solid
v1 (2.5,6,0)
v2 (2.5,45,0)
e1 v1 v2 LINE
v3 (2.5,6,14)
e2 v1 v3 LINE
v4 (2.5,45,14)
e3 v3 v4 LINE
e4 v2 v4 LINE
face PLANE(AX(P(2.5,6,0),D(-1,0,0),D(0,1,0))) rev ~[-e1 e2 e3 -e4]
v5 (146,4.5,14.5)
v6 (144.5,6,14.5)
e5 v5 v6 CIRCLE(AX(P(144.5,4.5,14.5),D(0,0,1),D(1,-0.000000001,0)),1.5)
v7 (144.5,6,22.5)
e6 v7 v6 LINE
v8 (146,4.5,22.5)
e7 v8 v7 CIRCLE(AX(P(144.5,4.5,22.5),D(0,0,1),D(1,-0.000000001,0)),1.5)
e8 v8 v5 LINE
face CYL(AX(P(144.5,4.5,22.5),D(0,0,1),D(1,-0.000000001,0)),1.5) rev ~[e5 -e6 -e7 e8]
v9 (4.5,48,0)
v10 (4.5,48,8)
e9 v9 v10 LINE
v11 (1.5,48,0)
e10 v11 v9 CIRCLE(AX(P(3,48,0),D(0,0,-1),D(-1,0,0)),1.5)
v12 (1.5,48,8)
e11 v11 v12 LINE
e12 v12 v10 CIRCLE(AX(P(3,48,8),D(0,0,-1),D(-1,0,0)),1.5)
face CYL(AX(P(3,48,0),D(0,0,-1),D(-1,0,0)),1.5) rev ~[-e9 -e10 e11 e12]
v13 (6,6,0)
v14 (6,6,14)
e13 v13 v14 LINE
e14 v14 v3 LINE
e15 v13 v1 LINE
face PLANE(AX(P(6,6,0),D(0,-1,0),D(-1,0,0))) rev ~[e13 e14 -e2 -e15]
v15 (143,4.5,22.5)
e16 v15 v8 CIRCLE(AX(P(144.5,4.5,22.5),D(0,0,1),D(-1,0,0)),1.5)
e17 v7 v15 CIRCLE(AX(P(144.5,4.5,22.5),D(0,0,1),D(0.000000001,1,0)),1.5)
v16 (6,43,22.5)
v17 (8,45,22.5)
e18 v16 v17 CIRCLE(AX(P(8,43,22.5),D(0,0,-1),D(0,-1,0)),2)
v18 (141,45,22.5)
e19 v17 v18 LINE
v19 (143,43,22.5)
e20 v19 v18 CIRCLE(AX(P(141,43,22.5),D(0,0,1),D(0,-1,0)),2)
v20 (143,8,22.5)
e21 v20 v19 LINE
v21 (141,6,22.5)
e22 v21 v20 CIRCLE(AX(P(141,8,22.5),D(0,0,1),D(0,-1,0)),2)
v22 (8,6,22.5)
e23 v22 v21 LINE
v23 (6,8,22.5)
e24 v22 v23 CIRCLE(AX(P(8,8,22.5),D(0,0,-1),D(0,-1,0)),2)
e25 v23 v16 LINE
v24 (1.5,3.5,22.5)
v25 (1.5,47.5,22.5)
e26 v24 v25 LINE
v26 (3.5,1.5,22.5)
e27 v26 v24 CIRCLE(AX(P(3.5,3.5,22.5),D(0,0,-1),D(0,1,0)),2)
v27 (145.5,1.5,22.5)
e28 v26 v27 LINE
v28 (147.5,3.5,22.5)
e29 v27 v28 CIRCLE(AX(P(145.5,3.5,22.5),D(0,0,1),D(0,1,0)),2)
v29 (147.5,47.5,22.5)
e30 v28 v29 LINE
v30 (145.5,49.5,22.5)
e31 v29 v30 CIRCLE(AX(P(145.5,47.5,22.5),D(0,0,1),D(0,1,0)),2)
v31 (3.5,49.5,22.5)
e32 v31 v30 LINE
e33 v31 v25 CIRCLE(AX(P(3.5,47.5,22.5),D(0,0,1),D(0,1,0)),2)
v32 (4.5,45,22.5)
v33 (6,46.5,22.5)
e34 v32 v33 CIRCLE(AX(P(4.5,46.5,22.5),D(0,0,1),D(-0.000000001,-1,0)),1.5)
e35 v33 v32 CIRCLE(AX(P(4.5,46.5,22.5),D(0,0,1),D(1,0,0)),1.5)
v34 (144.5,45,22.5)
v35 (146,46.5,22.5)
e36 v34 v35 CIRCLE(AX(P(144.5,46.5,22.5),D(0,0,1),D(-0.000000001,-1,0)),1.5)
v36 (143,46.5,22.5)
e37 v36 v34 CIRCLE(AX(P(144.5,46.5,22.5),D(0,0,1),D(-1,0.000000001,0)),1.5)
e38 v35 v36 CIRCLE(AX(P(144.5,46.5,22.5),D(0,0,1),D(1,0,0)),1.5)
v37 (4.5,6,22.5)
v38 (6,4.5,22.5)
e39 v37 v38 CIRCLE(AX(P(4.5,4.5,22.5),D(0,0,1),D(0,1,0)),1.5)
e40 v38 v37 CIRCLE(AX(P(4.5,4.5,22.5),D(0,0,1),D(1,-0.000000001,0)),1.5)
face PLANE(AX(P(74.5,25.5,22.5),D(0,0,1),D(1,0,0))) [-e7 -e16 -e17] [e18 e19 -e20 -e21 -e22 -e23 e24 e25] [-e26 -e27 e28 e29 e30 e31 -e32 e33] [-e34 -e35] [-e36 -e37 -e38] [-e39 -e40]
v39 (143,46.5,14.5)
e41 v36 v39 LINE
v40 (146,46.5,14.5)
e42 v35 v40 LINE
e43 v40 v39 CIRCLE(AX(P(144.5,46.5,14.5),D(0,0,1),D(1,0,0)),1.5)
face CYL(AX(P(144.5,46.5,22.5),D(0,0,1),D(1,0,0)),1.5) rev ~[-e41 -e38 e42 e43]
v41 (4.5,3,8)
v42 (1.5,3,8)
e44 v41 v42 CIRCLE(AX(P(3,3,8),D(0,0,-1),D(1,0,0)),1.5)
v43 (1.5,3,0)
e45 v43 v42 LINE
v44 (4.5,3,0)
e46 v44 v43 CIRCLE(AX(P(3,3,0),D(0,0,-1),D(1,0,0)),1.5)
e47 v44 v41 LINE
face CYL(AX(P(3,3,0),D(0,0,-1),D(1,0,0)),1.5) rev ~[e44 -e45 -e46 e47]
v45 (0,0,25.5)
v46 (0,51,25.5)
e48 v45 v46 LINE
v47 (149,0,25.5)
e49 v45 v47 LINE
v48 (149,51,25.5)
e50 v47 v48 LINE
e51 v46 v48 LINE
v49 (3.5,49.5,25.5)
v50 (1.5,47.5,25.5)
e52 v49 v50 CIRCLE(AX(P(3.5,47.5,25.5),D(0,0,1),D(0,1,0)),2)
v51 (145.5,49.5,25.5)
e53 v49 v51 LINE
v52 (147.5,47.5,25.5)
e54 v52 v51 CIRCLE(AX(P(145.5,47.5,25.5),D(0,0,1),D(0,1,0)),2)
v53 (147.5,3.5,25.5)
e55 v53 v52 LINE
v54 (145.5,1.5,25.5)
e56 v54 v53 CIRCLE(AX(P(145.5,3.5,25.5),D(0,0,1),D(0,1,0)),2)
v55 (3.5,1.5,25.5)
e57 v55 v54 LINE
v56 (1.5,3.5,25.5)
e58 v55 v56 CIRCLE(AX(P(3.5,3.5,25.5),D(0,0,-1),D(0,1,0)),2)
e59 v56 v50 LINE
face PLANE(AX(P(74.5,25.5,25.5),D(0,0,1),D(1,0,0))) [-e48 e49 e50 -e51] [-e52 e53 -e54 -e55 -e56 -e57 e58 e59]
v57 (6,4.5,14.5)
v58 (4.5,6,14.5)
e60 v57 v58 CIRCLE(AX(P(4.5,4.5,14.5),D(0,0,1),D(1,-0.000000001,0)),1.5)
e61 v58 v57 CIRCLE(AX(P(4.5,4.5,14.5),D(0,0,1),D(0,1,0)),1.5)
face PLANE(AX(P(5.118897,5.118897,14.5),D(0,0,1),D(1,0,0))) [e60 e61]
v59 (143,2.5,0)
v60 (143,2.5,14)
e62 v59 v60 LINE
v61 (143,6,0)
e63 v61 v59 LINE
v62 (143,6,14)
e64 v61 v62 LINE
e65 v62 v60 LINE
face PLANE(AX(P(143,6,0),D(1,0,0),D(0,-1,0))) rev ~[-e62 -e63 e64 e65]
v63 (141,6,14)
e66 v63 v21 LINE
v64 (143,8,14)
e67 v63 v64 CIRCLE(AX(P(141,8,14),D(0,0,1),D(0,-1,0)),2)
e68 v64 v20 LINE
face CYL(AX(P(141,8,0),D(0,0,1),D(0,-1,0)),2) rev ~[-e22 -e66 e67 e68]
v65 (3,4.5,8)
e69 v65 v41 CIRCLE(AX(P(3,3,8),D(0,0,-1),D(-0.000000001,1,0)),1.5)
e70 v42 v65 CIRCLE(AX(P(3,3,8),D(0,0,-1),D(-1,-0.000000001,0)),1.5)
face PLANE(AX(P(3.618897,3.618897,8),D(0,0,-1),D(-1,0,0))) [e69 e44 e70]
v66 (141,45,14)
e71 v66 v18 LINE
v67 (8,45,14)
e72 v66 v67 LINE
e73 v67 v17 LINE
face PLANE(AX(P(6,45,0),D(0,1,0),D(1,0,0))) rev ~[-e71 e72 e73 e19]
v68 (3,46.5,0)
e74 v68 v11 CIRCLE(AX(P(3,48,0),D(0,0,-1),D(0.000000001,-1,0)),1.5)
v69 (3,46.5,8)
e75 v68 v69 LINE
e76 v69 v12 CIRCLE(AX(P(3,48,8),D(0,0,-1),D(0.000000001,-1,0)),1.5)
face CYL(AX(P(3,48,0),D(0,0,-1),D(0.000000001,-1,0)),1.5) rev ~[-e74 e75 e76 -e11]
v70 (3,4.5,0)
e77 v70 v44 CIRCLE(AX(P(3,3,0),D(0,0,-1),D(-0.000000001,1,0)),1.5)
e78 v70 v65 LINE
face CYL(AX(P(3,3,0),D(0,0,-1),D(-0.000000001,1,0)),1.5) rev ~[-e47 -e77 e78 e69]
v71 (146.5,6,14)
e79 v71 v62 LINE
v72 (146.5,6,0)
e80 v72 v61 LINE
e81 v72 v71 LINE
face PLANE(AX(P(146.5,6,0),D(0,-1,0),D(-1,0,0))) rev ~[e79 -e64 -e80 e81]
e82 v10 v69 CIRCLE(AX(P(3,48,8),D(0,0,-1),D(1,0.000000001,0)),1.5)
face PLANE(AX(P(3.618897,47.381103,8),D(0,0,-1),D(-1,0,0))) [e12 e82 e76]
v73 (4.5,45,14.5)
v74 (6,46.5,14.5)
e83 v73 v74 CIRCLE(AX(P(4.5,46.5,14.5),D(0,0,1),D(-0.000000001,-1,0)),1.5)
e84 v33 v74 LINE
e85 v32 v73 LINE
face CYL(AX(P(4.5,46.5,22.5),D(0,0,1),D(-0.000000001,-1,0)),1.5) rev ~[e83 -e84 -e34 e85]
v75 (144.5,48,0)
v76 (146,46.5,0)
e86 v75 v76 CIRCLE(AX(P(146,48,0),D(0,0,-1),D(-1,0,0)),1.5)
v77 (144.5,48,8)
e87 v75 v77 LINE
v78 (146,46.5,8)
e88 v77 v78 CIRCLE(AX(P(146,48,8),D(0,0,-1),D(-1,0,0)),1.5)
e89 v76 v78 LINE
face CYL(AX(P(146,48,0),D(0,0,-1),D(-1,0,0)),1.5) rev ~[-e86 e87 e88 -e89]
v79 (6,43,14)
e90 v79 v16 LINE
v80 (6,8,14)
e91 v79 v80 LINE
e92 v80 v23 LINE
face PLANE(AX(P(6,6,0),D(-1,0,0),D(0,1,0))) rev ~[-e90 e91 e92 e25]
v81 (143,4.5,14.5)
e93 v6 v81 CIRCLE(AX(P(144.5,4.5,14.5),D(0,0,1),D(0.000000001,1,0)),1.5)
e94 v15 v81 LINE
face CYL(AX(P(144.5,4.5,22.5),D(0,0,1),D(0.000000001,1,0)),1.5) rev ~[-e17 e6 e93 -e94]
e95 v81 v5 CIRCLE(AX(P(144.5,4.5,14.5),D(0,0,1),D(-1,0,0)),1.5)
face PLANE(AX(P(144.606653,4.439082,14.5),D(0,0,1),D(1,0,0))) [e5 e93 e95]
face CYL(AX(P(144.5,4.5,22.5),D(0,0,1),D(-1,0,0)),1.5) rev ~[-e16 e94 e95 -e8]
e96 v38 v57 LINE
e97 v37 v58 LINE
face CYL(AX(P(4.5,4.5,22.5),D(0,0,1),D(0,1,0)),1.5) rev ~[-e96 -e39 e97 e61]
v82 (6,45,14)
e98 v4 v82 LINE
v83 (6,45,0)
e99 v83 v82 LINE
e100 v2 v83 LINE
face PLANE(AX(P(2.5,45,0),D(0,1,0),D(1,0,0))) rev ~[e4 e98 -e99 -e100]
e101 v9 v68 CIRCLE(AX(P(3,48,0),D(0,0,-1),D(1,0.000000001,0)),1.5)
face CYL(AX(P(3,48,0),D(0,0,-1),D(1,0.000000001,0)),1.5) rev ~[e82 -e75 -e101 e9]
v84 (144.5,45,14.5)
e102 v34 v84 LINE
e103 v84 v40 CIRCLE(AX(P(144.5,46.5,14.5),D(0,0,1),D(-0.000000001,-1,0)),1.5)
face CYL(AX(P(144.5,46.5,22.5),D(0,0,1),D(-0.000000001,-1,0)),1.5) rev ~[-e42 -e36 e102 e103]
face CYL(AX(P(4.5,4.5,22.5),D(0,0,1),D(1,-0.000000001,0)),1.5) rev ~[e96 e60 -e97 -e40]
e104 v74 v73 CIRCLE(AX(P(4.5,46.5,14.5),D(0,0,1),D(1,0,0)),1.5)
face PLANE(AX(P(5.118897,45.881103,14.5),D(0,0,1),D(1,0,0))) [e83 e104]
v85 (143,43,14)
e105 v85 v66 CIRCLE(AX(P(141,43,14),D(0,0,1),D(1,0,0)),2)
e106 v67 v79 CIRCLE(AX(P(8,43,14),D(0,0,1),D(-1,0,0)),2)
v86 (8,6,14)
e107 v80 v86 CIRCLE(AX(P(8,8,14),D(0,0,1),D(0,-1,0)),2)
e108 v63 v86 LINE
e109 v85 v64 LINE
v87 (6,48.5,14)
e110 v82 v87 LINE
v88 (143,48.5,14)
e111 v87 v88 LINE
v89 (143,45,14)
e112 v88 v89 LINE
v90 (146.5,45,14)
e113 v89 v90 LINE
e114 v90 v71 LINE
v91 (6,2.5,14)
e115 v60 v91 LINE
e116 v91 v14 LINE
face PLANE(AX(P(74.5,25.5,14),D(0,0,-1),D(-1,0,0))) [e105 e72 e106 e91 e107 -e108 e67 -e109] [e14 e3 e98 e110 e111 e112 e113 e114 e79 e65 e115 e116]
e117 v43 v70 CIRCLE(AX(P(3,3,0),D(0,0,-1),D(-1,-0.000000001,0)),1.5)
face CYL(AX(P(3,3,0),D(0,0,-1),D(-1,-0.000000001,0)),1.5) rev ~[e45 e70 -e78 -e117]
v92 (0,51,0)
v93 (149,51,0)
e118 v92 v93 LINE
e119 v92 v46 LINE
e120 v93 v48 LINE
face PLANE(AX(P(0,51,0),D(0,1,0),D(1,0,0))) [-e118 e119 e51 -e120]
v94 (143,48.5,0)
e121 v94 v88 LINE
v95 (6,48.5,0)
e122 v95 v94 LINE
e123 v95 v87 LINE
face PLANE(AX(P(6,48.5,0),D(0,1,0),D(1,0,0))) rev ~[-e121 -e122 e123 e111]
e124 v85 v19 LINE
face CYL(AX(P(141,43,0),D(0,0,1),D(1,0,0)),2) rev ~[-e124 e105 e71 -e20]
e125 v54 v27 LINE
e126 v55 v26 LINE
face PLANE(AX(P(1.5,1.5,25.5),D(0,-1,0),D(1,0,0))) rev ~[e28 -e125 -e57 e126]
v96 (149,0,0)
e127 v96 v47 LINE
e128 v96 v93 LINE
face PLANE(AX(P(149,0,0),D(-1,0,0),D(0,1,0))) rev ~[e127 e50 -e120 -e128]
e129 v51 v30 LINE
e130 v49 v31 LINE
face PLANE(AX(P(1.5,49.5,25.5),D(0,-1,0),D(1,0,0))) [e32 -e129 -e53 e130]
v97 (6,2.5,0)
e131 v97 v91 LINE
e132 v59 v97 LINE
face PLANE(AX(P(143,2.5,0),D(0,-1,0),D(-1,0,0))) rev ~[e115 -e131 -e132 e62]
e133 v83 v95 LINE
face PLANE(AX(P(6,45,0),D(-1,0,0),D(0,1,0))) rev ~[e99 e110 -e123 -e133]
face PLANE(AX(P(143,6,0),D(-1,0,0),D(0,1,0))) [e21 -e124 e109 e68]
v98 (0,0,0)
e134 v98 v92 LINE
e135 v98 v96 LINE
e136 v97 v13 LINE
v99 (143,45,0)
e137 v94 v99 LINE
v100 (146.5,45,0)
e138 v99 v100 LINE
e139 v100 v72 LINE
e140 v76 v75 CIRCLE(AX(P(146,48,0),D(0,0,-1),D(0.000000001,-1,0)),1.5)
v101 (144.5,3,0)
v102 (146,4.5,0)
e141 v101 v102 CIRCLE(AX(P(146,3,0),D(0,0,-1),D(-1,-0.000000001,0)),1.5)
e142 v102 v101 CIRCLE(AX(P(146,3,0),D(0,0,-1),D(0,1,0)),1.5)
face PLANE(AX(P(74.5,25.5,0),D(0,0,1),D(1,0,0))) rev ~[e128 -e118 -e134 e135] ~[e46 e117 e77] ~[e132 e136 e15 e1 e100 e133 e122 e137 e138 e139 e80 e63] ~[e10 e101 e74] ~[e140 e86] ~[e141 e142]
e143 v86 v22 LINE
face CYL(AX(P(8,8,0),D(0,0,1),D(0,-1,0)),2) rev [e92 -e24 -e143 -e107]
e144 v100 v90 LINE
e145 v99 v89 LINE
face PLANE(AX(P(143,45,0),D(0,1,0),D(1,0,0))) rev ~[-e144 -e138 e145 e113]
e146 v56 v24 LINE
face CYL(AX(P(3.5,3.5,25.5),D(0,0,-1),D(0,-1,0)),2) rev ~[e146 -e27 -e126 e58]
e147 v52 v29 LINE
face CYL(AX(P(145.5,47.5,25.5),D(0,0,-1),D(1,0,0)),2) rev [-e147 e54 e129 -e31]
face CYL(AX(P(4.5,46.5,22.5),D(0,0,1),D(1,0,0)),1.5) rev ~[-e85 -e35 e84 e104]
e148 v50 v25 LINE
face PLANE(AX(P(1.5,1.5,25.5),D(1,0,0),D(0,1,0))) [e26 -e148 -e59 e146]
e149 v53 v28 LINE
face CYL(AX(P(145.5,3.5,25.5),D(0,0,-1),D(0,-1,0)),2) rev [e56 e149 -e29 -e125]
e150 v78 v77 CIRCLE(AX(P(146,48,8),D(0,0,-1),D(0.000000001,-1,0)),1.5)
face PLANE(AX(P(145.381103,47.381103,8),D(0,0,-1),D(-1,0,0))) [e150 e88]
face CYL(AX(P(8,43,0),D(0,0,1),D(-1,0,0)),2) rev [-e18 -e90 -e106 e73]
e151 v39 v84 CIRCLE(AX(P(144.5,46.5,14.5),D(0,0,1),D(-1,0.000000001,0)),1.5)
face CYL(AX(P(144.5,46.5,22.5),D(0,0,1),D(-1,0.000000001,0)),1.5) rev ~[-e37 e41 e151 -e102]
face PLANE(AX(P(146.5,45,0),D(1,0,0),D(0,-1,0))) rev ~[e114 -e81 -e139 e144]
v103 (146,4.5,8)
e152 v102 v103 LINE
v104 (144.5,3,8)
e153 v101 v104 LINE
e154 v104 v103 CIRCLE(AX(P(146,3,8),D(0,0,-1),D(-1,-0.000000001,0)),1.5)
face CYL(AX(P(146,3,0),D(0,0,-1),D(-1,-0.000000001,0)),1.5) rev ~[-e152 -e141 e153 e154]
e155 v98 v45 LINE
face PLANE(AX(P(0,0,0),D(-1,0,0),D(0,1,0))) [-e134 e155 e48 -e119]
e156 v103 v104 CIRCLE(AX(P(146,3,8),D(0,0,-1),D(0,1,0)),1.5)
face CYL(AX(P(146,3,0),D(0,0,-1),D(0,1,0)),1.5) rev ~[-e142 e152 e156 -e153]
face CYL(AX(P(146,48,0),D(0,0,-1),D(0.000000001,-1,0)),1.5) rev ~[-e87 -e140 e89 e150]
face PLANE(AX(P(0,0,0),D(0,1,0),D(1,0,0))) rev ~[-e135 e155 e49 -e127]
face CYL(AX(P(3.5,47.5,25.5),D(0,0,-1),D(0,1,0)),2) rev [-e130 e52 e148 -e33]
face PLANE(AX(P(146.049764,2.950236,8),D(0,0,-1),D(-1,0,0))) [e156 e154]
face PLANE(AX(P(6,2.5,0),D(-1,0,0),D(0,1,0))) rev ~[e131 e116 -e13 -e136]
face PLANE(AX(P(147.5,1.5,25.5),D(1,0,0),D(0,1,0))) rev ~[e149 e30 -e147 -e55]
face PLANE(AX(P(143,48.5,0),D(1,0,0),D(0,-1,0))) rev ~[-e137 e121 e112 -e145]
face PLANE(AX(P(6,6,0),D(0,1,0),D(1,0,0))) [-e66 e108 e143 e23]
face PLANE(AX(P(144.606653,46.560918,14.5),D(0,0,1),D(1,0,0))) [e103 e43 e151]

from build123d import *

# Parameters (mm, degrees)
SKETCH1_W           = 149
SKETCH1_H           = 51
SKETCH1_W_2         = 137
SKETCH1_H_2         = 39
EXTRUDE_THIN1_DEPTH = 25.5
SKETCH2_W           = 146
SKETCH2_H           = 48
CUT_EXTRUDE1_DEPTH  = 3
CUT_EXTRUDE2_DEPTH  = 8
CUT_EXTRUDE3_DEPTH  = 8
FILLET1_R           = 2
FILLET2_R           = 2
CUT_EXTRUDE7_DEPTH  = 14


with BuildPart() as part:
    # Sketch1 → Extrude-Thin1 (new body)
    with BuildSketch(Plane.XY):
        with Locations((74.5, 25.5)):
            Rectangle(SKETCH1_W, SKETCH1_H)
        with Locations((74.5, 25.5)):
            Rectangle(SKETCH1_W_2, SKETCH1_H_2, mode=Mode.SUBTRACT)
    extrude(amount=EXTRUDE_THIN1_DEPTH)

    # Sketch2 → Cut-Extrude1 (cut)
    with BuildSketch(Plane.XY.offset(25.5)):
        with Locations((74.5, 25.5)):
            Rectangle(SKETCH2_W, SKETCH2_H)
    extrude(amount=-CUT_EXTRUDE1_DEPTH, mode=Mode.SUBTRACT)

    # Sketch3 → Cut-Extrude2 (cut)
    with BuildSketch(Plane.XY.offset(22.5)):
        with BuildLine():
            ThreePointArc((4.5, 45), (5.560660172, 45.439339828), (6, 46.5))
            Line((6, 46.5), (4.5, 46.5))
            Line((4.5, 46.5), (4.5, 45))
        make_face()
        with BuildLine():
            Line((4.5, 46.5), (6, 46.5))
            ThreePointArc((6, 46.5), (3.439339828, 47.560660172), (4.5, 45))
            Line((4.5, 45), (4.5, 46.5))
        make_face()
        with BuildLine():
            ThreePointArc((4.5, 45), (5.560660172, 45.439339828), (6, 46.5))
            Line((6, 46.5), (4.5, 46.5))
            Line((4.5, 46.5), (4.5, 45))
        make_face()
        with BuildLine():
            Line((4.5, 46.5), (6, 46.5))
            ThreePointArc((6, 46.5), (3.439339828, 47.560660172), (4.5, 45))
            Line((4.5, 45), (4.5, 46.5))
        make_face()
        with BuildLine():
            ThreePointArc((6, 4.5), (5.560660172, 5.560660172), (4.5, 6))
            Line((4.5, 6), (4.5, 4.5))
            Line((4.5, 4.5), (6, 4.5))
        make_face()
        with BuildLine():
            Line((4.5, 4.5), (4.5, 6))
            ThreePointArc((4.5, 6), (3.439339828, 3.439339828), (6, 4.5))
            Line((6, 4.5), (4.5, 4.5))
        make_face()
        with BuildLine():
            ThreePointArc((6, 4.5), (5.560660172, 5.560660172), (4.5, 6))
            Line((4.5, 6), (4.5, 4.5))
            Line((4.5, 4.5), (6, 4.5))
        make_face()
        with BuildLine():
            Line((4.5, 4.5), (4.5, 6))
            ThreePointArc((4.5, 6), (3.439339828, 3.439339828), (6, 4.5))
            Line((6, 4.5), (4.5, 4.5))
        make_face()
        with BuildLine():
            ThreePointArc((146, 46.5), (144.5, 48), (143, 46.5))
            Line((143, 46.5), (144.5, 46.5))
            Line((144.5, 46.5), (144.5, 45))
            ThreePointArc((144.5, 45), (145.560660172, 45.439339828), (146, 46.5))
        make_face()
        with BuildLine():
            Line((144.5, 46.5), (143, 46.5))
            ThreePointArc((143, 46.5), (143.439339828, 45.439339828), (144.5, 45))
            Line((144.5, 45), (144.5, 46.5))
        make_face()
        with BuildLine():
            ThreePointArc((146, 46.5), (144.5, 48), (143, 46.5))
            Line((143, 46.5), (144.5, 46.5))
            Line((144.5, 46.5), (144.5, 45))
            ThreePointArc((144.5, 45), (145.560660172, 45.439339828), (146, 46.5))
        make_face()
        with BuildLine():
            Line((144.5, 46.5), (143, 46.5))
            ThreePointArc((143, 46.5), (143.439339828, 45.439339828), (144.5, 45))
            Line((144.5, 45), (144.5, 46.5))
        make_face()
        with BuildLine():
            ThreePointArc((146, 4.5), (145.560660172, 5.560660172), (144.5, 6))
            Line((144.5, 6), (144.5, 4.5))
            Line((144.5, 4.5), (143, 4.5))
            ThreePointArc((143, 4.5), (144.5, 3), (146, 4.5))
        make_face()
        with BuildLine():
            Line((144.5, 4.5), (144.5, 6))
            ThreePointArc((144.5, 6), (143.439339828, 5.560660172), (143, 4.5))
            Line((143, 4.5), (144.5, 4.5))
        make_face()
        with BuildLine():
            ThreePointArc((146, 4.5), (145.560660172, 5.560660172), (144.5, 6))
            Line((144.5, 6), (144.5, 4.5))
            Line((144.5, 4.5), (143, 4.5))
            ThreePointArc((143, 4.5), (144.5, 3), (146, 4.5))
        make_face()
        with BuildLine():
            Line((144.5, 4.5), (144.5, 6))
            ThreePointArc((144.5, 6), (143.439339828, 5.560660172), (143, 4.5))
            Line((143, 4.5), (144.5, 4.5))
        make_face()
    extrude(amount=-CUT_EXTRUDE2_DEPTH, mode=Mode.SUBTRACT)

    # Sketch4 → Cut-Extrude3 (cut)
    with BuildSketch(Plane(origin=(0, 0, 0), x_dir=(-1, 0, 0), z_dir=(0, 0, -1))):
        with BuildLine():
            ThreePointArc((-146, 46.5), (-144.939339828, 46.939339828), (-144.5, 48))
            Line((-144.5, 48), (-146, 48))
            Line((-146, 48), (-146, 46.5))
        make_face()
        with BuildLine():
            Line((-146, 48), (-144.5, 48))
            ThreePointArc((-144.5, 48), (-147.060660172, 49.060660172), (-146, 46.5))
            Line((-146, 46.5), (-146, 48))
        make_face()
        with BuildLine():
            ThreePointArc((-146, 4.5), (-147.060660172, 1.939339828), (-144.5, 3))
            Line((-144.5, 3), (-146, 3))
            Line((-146, 3), (-146, 4.5))
        make_face()
        with BuildLine():
            Line((-146, 3), (-144.5, 3))
            ThreePointArc((-144.5, 3), (-144.939339828, 4.060660172), (-146, 4.5))
            Line((-146, 4.5), (-146, 3))
        make_face()
        with BuildLine():
            ThreePointArc((-146, 4.5), (-147.060660172, 1.939339828), (-144.5, 3))
            Line((-144.5, 3), (-146, 3))
            Line((-146, 3), (-146, 4.5))
        make_face()
        with BuildLine():
            Line((-146, 3), (-144.5, 3))
            ThreePointArc((-144.5, 3), (-144.939339828, 4.060660172), (-146, 4.5))
            Line((-146, 4.5), (-146, 3))
        make_face()
        with BuildLine():
            ThreePointArc((-146, 46.5), (-144.939339828, 46.939339828), (-144.5, 48))
            Line((-144.5, 48), (-146, 48))
            Line((-146, 48), (-146, 46.5))
        make_face()
        with BuildLine():
            Line((-146, 48), (-144.5, 48))
            ThreePointArc((-144.5, 48), (-147.060660172, 49.060660172), (-146, 46.5))
            Line((-146, 46.5), (-146, 48))
        make_face()
        with BuildLine():
            ThreePointArc((-4.5, 48), (-4.060660172, 46.939339828), (-3, 46.5))
            Line((-3, 46.5), (-3, 48))
            Line((-3, 48), (-4.5, 48))
        make_face()
        with BuildLine():
            Line((-3, 48), (-3, 46.5))
            ThreePointArc((-3, 46.5), (-1.939339828, 46.939339828), (-1.5, 48))
            ThreePointArc((-1.5, 48), (-3, 49.5), (-4.5, 48))
            Line((-4.5, 48), (-3, 48))
        make_face()
        with BuildLine():
            ThreePointArc((-4.5, 48), (-4.060660172, 46.939339828), (-3, 46.5))
            Line((-3, 46.5), (-3, 48))
            Line((-3, 48), (-4.5, 48))
        make_face()
        with BuildLine():
            Line((-3, 48), (-3, 46.5))
            ThreePointArc((-3, 46.5), (-1.939339828, 46.939339828), (-1.5, 48))
            ThreePointArc((-1.5, 48), (-3, 49.5), (-4.5, 48))
            Line((-4.5, 48), (-3, 48))
        make_face()
        with BuildLine():
            Line((-4.5, 3), (-3, 3))
            Line((-3, 3), (-3, 4.5))
            ThreePointArc((-3, 4.5), (-4.060660172, 4.060660172), (-4.5, 3))
        make_face()
        with BuildLine():
            Line((-3, 4.5), (-3, 3))
            Line((-3, 3), (-4.5, 3))
            ThreePointArc((-4.5, 3), (-3, 1.5), (-1.5, 3))
            ThreePointArc((-1.5, 3), (-1.939339828, 4.060660172), (-3, 4.5))
        make_face()
        with BuildLine():
            Line((-4.5, 3), (-3, 3))
            Line((-3, 3), (-3, 4.5))
            ThreePointArc((-3, 4.5), (-4.060660172, 4.060660172), (-4.5, 3))
        make_face()
        with BuildLine():
            Line((-3, 4.5), (-3, 3))
            Line((-3, 3), (-4.5, 3))
            ThreePointArc((-4.5, 3), (-3, 1.5), (-1.5, 3))
            ThreePointArc((-1.5, 3), (-1.939339828, 4.060660172), (-3, 4.5))
        make_face()
    extrude(amount=-CUT_EXTRUDE3_DEPTH, mode=Mode.SUBTRACT)

    # Fillet1
    fillet1_edges = [part.edges().sort_by_distance(p)[0] for p in [
        (1.5, 49.5, 24),
        (147.5, 49.5, 24),
        (147.5, 1.5, 24),
        (1.5, 1.5, 24),
    ]]
    fillet(fillet1_edges, radius=FILLET1_R)

    # Fillet2
    fillet2_edges = [part.edges().sort_by_distance(p)[0] for p in [
        (143, 45, 11.25),
        (6, 45, 11.25),
        (143, 6, 11.25),
        (6, 6, 11.25),
    ]]
    fillet(fillet2_edges, radius=FILLET2_R)

    # Sketch6 → Cut-Extrude7 (cut)
    with BuildSketch(Plane(origin=(0, 0, 0), x_dir=(-1, 0, 0), z_dir=(0, 0, -1))):
        Polygon((-143, 45), (-146.5, 45), (-146.5, 6), (-143, 6), (-143, 2.5), (-6, 2.5), (-6, 6), (-2.5, 6), (-2.5, 45), (-6, 45), (-6, 48.5), (-143, 48.5), align=None)
    extrude(amount=-CUT_EXTRUDE7_DEPTH, mode=Mode.SUBTRACT)


solid = part.part
